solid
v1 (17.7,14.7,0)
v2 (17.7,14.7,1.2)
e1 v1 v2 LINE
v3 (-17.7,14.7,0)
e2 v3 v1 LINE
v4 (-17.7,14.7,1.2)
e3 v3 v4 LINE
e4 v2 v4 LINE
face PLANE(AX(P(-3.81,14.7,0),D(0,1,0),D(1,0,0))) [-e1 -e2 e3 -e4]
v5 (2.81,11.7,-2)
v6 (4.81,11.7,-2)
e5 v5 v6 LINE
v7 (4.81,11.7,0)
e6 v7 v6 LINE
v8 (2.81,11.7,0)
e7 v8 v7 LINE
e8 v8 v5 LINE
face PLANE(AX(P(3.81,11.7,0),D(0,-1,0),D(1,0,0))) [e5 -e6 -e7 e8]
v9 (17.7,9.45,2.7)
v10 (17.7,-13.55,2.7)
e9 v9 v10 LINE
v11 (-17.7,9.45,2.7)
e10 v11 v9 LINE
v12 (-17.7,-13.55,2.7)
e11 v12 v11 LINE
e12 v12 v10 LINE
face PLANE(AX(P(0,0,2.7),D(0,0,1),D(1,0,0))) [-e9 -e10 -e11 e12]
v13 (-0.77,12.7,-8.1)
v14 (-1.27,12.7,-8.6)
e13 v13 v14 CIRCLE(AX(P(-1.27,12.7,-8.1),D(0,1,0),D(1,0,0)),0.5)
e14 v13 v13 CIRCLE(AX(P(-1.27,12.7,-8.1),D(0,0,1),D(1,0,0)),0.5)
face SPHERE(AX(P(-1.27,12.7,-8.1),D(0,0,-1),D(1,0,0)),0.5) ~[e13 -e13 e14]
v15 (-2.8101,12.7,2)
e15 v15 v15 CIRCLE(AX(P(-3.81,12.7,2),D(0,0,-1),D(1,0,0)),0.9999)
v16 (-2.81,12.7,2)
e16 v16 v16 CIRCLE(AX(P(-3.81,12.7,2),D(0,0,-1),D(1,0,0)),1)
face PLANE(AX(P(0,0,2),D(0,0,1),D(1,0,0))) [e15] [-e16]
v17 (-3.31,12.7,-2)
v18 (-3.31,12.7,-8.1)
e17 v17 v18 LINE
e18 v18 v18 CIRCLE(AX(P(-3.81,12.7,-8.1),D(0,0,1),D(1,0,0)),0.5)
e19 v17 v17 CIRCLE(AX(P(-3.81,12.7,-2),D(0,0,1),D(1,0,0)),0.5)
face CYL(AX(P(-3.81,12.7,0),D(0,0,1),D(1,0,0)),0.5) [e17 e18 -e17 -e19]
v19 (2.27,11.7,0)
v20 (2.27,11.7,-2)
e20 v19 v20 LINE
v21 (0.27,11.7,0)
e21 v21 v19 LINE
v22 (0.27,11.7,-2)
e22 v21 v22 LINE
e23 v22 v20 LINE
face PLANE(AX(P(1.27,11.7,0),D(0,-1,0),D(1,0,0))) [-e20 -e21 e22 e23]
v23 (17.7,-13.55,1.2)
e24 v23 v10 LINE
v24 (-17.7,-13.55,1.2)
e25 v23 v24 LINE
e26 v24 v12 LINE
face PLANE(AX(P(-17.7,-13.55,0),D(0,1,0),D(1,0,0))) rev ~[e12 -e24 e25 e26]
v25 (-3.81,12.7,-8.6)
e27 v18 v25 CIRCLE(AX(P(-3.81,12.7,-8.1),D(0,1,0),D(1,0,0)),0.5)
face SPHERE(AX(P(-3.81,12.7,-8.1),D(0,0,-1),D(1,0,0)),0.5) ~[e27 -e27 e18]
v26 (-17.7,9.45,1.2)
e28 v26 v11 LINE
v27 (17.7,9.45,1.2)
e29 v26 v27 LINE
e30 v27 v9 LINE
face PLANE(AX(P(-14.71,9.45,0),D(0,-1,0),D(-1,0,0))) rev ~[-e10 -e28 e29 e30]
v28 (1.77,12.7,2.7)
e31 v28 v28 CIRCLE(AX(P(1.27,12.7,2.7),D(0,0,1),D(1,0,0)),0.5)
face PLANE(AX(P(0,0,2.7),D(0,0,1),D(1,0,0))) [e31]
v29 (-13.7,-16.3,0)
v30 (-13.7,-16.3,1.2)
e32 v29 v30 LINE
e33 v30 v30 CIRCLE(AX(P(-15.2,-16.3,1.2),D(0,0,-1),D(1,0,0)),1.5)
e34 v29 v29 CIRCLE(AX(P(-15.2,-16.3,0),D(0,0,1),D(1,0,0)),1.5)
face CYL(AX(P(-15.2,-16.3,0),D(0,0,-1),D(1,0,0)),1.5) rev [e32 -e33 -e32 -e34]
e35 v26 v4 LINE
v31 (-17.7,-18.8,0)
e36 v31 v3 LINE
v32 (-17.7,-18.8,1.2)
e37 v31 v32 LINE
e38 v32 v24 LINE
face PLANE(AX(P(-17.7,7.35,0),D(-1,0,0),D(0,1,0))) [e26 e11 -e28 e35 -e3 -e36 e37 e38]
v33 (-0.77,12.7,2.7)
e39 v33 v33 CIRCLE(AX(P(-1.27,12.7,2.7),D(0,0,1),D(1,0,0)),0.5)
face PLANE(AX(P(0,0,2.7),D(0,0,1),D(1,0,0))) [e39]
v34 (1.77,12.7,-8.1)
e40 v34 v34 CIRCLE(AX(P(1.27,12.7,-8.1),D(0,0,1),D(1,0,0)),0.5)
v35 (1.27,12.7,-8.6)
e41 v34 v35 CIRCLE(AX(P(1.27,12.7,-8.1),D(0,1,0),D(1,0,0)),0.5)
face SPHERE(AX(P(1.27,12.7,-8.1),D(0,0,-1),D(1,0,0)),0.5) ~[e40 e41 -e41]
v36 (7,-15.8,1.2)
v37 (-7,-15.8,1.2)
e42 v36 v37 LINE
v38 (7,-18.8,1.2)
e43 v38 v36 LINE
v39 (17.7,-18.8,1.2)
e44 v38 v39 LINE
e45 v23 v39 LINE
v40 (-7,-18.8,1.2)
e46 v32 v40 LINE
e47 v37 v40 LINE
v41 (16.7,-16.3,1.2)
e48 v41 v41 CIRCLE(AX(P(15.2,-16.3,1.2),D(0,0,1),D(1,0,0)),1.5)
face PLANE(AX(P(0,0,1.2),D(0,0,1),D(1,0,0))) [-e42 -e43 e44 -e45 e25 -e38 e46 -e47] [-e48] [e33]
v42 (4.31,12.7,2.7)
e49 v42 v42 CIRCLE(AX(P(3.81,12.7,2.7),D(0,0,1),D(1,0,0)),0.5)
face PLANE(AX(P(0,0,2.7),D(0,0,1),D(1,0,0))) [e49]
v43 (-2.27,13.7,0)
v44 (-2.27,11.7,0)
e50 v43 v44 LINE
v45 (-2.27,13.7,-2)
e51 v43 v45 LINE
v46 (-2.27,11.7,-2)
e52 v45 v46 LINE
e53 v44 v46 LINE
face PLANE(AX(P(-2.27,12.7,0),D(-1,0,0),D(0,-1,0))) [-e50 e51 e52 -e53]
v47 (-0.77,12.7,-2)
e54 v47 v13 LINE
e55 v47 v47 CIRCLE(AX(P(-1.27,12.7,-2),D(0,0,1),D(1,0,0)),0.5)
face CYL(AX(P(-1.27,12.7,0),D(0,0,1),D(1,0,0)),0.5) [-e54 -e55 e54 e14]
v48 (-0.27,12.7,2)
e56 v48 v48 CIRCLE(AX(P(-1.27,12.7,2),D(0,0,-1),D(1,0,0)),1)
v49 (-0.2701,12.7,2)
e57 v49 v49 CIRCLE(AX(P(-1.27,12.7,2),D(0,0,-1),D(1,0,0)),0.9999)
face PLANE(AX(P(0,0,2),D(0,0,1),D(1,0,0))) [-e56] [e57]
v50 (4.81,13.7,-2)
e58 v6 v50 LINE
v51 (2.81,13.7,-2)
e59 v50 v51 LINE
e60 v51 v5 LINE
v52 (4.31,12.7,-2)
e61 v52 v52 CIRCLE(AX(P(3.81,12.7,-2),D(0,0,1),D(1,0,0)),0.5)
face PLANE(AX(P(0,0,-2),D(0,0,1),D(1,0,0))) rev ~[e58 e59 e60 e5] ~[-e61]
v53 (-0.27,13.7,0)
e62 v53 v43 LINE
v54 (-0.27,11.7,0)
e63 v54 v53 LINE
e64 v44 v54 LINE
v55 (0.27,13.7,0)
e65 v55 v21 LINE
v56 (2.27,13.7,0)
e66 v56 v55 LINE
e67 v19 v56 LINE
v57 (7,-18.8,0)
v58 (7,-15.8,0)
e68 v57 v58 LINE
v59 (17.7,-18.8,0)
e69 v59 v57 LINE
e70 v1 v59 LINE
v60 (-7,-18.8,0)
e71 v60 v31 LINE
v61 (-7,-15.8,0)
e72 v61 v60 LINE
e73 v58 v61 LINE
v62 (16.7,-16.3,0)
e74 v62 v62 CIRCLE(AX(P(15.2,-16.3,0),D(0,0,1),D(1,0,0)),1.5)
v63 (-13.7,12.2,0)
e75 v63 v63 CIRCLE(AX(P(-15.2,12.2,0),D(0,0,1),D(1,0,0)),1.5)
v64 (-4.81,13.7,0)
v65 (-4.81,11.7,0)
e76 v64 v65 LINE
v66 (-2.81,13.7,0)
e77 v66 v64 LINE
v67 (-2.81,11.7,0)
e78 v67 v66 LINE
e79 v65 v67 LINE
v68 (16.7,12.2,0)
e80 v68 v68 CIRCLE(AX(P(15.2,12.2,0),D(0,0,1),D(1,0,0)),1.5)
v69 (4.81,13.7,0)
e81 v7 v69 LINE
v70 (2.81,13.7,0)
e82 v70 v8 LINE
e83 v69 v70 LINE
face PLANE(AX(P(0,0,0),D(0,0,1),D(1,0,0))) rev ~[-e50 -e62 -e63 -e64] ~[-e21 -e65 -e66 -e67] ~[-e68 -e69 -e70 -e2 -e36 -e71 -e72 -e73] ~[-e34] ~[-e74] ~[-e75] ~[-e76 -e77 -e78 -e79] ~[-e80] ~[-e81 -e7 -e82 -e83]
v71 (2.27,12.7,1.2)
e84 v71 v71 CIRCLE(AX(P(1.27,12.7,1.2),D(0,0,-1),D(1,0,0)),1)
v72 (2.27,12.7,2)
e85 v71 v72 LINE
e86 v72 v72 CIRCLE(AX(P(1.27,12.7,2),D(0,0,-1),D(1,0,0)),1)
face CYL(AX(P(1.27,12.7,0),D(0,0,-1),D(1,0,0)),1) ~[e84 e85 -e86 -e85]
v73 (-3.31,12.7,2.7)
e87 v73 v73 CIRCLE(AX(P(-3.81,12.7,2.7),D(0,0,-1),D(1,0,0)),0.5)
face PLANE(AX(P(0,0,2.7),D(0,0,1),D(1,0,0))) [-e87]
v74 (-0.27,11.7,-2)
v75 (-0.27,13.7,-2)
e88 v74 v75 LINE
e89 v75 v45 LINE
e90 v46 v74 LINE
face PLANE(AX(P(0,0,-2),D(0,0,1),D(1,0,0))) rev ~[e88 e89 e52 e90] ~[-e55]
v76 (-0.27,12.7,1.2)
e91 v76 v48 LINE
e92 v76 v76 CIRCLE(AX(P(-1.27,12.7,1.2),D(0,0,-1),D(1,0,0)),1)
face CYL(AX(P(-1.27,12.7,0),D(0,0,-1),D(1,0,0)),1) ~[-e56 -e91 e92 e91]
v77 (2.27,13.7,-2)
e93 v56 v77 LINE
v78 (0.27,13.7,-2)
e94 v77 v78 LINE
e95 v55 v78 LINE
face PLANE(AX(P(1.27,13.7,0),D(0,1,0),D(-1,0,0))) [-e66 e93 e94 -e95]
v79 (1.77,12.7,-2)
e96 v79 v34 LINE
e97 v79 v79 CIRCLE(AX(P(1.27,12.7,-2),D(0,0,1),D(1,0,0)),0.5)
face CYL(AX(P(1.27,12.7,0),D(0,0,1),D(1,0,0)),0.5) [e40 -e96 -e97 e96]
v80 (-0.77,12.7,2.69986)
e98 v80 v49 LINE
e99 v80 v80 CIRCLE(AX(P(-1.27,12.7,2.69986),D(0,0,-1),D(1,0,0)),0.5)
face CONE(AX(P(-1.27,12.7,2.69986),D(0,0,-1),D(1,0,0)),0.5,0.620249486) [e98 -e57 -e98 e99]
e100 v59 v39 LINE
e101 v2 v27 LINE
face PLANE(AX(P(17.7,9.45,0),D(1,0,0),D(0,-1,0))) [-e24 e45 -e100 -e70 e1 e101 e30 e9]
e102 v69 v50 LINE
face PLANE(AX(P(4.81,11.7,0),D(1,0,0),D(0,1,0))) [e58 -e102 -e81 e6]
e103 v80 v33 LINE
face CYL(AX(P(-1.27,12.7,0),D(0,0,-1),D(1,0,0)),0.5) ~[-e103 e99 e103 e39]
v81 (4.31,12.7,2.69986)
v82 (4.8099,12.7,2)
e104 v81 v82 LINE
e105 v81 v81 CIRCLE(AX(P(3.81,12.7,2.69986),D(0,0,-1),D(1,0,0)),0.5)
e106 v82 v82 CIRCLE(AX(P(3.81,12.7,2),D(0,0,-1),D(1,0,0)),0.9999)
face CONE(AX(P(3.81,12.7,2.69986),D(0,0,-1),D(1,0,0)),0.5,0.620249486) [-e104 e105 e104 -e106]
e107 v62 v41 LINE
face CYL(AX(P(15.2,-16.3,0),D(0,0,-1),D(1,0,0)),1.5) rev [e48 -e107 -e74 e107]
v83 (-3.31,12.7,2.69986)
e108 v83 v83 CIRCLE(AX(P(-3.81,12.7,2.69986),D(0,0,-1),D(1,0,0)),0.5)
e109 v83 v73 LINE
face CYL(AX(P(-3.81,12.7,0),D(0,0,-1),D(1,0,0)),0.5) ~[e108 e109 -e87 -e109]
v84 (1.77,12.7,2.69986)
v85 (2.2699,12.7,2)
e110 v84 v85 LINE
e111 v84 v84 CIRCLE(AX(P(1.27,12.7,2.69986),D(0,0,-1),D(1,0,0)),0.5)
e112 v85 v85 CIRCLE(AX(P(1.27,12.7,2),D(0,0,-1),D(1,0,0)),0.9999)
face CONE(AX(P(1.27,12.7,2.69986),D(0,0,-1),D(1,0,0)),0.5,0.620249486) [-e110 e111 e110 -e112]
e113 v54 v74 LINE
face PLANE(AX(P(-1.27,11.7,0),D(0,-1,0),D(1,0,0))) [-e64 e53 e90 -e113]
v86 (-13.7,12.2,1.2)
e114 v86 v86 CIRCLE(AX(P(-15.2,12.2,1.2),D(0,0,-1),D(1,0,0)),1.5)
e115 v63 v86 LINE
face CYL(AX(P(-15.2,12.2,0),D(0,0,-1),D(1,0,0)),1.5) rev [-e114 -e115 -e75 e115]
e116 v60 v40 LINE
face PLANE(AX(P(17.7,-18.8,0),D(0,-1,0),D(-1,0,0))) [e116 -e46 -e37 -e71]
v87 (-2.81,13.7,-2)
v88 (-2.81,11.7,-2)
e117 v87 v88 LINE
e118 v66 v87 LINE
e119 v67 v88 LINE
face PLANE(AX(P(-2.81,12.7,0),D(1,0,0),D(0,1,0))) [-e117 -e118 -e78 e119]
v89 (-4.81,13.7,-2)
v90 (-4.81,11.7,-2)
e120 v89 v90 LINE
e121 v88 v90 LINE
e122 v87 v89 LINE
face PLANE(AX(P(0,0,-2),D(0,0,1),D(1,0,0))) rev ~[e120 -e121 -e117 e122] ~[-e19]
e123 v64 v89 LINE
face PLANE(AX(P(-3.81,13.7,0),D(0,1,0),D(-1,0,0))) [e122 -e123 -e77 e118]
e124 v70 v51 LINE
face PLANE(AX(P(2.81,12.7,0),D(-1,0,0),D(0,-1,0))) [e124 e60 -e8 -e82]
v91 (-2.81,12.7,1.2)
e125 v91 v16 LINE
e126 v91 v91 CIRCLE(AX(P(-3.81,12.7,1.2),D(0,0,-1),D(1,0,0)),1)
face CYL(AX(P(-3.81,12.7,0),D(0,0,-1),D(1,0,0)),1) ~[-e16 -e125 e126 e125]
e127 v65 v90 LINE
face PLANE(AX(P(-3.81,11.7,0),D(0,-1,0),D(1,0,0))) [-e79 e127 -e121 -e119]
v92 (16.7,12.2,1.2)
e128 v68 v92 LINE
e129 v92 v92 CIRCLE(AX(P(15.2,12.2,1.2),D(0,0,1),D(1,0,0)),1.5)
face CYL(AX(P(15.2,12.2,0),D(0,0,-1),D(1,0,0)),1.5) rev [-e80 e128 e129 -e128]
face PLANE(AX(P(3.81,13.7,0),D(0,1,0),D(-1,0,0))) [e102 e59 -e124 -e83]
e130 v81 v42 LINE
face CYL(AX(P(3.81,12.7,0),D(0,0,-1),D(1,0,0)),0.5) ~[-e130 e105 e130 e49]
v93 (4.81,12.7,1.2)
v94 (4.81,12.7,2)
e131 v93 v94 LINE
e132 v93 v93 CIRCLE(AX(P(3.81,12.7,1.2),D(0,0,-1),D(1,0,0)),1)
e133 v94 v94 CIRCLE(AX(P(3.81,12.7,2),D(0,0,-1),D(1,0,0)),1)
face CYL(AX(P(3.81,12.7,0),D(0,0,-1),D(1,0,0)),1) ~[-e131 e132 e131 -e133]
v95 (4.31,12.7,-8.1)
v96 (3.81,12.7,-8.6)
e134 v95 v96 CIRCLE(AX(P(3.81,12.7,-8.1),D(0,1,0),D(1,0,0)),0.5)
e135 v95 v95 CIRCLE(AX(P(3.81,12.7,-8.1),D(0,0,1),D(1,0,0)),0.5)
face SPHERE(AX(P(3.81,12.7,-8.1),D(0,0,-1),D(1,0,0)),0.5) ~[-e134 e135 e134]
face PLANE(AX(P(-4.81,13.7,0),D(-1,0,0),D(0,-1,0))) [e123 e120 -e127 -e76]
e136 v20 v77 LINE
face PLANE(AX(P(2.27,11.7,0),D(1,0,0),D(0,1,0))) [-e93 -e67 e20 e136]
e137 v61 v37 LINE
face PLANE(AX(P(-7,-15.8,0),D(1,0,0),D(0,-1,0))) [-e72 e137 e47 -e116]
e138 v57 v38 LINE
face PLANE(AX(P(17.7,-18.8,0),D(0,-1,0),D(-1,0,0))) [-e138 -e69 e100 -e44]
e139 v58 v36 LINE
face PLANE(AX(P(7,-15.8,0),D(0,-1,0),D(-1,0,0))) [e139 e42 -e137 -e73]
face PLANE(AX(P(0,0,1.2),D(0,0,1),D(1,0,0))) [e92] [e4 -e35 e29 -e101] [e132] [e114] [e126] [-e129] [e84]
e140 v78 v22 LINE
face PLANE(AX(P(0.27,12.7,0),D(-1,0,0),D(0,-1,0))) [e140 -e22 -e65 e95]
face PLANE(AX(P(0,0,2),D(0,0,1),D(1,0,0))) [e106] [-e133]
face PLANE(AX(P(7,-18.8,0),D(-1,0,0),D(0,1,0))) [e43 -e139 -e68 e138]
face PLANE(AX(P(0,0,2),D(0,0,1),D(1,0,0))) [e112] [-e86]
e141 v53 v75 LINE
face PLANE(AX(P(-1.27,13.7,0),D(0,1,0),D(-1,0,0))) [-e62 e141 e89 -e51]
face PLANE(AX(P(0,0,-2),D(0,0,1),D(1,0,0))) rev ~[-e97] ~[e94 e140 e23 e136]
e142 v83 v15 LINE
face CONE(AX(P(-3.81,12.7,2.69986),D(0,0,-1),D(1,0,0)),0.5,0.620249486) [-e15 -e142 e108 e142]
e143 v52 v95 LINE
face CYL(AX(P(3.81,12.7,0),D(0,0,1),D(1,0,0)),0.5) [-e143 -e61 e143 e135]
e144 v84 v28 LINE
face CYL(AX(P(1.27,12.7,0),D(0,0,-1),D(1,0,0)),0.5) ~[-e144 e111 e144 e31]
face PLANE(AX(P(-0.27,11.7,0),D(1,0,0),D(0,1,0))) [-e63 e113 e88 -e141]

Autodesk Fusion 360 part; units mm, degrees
sketch "Sketch1" plane through (0, 0, 0) normal (0, 0, 1) x (1, 0, 0)
  line L0 (14.71, 7.35) -> (-14.71, 7.35)
  line L1 (-14.71, 7.35) -> (-14.71, -7.35)
  line L2 (-14.71, -7.35) -> (14.71, -7.35)
  line L3 (14.71, -7.35) -> (14.71, 7.35)
  line L4 (14.71, 7.35) -> (-14.71, -7.35) construction
  line L5 (-14.71, 7.35) -> (14.71, -7.35) construction
  line L6 (-17.7, 7.35) -> (-17.7, 14.7)
  line L7 (-17.7, 14.7) -> (-14.71, 14.7)
  line L8 (-17.7, 14.7) -> (17.7, 14.7)
  line L9 (17.7, 14.7) -> (17.7, -18.8)
  line L10 (17.7, -18.8) -> (-17.7, -18.8)
  line L11 (-17.7, -18.8) -> (-17.7, 14.7)
  line L12 (-17.7, 14.7) -> (6.5694, 14.7)
  line L13 (6.5694, 9.45) -> (-14.71, 9.45)
  line L14 (-17.7, 9.45) -> (-17.7, 14.7)
  line L15 (17.7, 9.45) -> (-17.7, 9.45)
  line L16 (-17.7, 9.45) -> (-17.7, -13.55)
  line L17 (-17.7, -13.55) -> (17.7, -13.55)
  line L18 (17.7, -13.55) -> (17.7, 9.45)
  line L19 (-17.7, 14.7) -> (-15.2, 14.7)
  line L20 (-15.2, 14.7) -> (-15.2, 12.2)
  line L21 (-15.2, 12.2) -> (-17.7, 12.2)
  line L22 (-17.7, 12.2) -> (-17.7, 14.7)
  circle A0 centre (-15.2, 12.2) radius 1.5
  circle A1 centre (15.2, 12.2) radius 1.5
  circle A2 centre (-15.2, -16.3) radius 1.5
  circle A3 centre (15.2, -16.3) radius 1.5
  line L23 (-17.7, -18.8) -> (-7, -18.8)
  line L24 (-7, -18.8) -> (-7, -17.6734)
  line L25 (-7, -17.6734) -> (-17.7, -17.6734)
  line L26 (-17.7, -17.6734) -> (-17.7, -18.8)
  line L27 (-7, -18.8) -> (7, -18.8)
  line L28 (7, -18.8) -> (7, -15.8)
  line L29 (7, -15.8) -> (-7, -15.8)
  line L30 (-7, -15.8) -> (-7, -18.8)
  line L31 (-17.7, 14.7) -> (-3.81, 14.7)
  line L32 (-3.81, 14.7) -> (-3.81, 12.7)
  line L33 (-3.81, 12.7) -> (-17.7, 12.7)
  line L34 (-17.7, 12.7) -> (-17.7, 14.7)
  circle A4 centre (-3.81, 12.7) radius 1
  circle A5 centre (-3.81, 12.7) radius 1
  circle A6 centre (-3.81, 12.7) radius 1
  circle A7 centre (-1.27, 12.7) radius 1
  circle A8 centre (1.27, 12.7) radius 1
  circle A9 centre (3.81, 12.7) radius 1
  circle A10 centre (-3.81, 12.7) radius 0.5
  circle A11 centre (-1.27, 12.7) radius 0.5
  circle A12 centre (1.27, 12.7) radius 0.5
  circle A13 centre (3.81, 12.7) radius 0.5
  line L35 (-2.81, 13.7) -> (-4.81, 13.7)
  line L36 (-4.81, 13.7) -> (-4.81, 11.7)
  line L37 (-4.81, 11.7) -> (-2.81, 11.7)
  line L38 (-2.81, 11.7) -> (-2.81, 13.7)
  line L39 (-2.81, 13.7) -> (-4.81, 11.7) construction
  line L40 (-4.81, 13.7) -> (-2.81, 11.7) construction
  line L41 (-0.27, 13.7) -> (-2.27, 13.7)
  line L42 (-2.27, 13.7) -> (-2.27, 11.7)
  line L43 (-2.27, 11.7) -> (-0.27, 11.7)
  line L44 (-0.27, 11.7) -> (-0.27, 13.7)
  line L45 (-0.27, 13.7) -> (-2.27, 11.7) construction
  line L46 (-2.27, 13.7) -> (-0.27, 11.7) construction
  line L47 (2.27, 13.7) -> (0.27, 13.7)
  line L48 (0.27, 13.7) -> (0.27, 11.7)
  line L49 (0.27, 11.7) -> (2.27, 11.7)
  line L50 (2.27, 11.7) -> (2.27, 13.7)
  line L51 (2.27, 13.7) -> (0.27, 11.7) construction
  line L52 (0.27, 13.7) -> (2.27, 11.7) construction
  line L53 (4.81, 13.7) -> (2.81, 13.7)
  line L54 (2.81, 13.7) -> (2.81, 11.7)
  line L55 (2.81, 11.7) -> (4.81, 11.7)
  line L56 (4.81, 11.7) -> (4.81, 13.7)
  line L57 (4.81, 13.7) -> (2.81, 11.7) construction
  line L58 (2.81, 13.7) -> (4.81, 11.7) construction
  point P0 (-3.81, 12.7)
  point P1 (-1.27, 12.7)
  point P2 (1.27, 12.7)
  point P3 (3.81, 12.7)
  dimension "d1" = 29.42
  dimension "d2" = 14.7
  dimension "d3" = 2.99
  dimension "d5" = 35.4
  dimension "d6" = 33.5
  dimension "d7" = 5.25
  dimension "d8" = 23
  dimension "d9" = 2.5
  dimension "d10" = 2.5
  dimension "d11" = 3
  dimension "d12" = 3
  dimension "d13" = 3
  dimension "d14" = 3
  dimension "d19" = 10.7
  dimension "d20" = 14
  dimension "d21" = 3
  dimension "d24" = 13.89
  dimension "d25" = 2
  dimension "d26" = 2
  dimension "d27" = 2
  dimension "d28" = 2
  dimension "d29" = 2
  dimension "d30" = 2
  dimension "d31" = 2
  dimension "d34" = 1
  dimension "d35" = 1
  dimension "d36" = 1
  dimension "d37" = 1
  dimension "d42" = 2
  dimension "d43" = 2
  dimension "d44" = 2
  dimension "d45" = 2
  dimension "d46" = 2
  dimension "d47" = 2
  dimension "d48" = 2
  dimension "d49" = 2
extrude "Extrude1" add sketch "Sketch1" along normal blind 1.2 contours L0 L1 L2 L3 | L6 L9 L11 L13 L15 L16 L17 L18 | L6 L8 L9 L11 L12 L13 L14 L15 L21 A0 L32 L33 L35 L36 L37 L38 | L9 L10 L11 L17 A2 L25 L28 L29 L30 | L6 L11 L14 L21 L22 A0 L33 | L10 L11 A2 L23 L24 L25 L26 L30 | L6 L7 L8 L11 L12 L14 L19 L20 L22 A0 L31 L33 L34 | L10 L24 L27 L28 L29 L30 | L7 L8 L12 L20 A0 L31 L32 L33 L35 L36 | L32 L33 A4 A5 A6 A10 | A4 A5 A6 L35 L36 | L32 L33 A4 A5 A6 A10 | A4 A5 A6 L36 L37 | L32 L33 A10 | L32 L33 A10 | A4 A5 A6 L35 L38 | A4 A5 A6 L37 L38 | A7 | A7 L43 L44 | A7 L41 L44 | A7 L41 L42 | A7 L42 L43 | A8 | A8 L49 L50 | A8 L47 L50 | A8 L47 L48 | A8 L48 L49 | A9 | A9 L55 L56 | A9 L53 L56 | A9 L53 L54 | A9 L54 L55 | A11 | A12 | A13 makes body 1
extrude "Extrude2" add sketch "Sketch1" along normal blind 2.7 contours L0 L1 L2 L3 | L6 L9 L11 L13 L15 L16 L17 L18 bodies 1
extrude "Extrude3" cut sketch "Sketch1" along normal blind 1.2 contours L10 L24 L27 L28 L29 L30 bodies 1
extrude "Extrude4" add sketch "Sketch1" along normal blind 2 separate body contours L32 L33 A4 A5 A6 A10 | L32 L33 A4 A5 A6 A10 | L32 L33 A10 | L32 L33 A10 | A7 | A8 | A9 | A11 | A12 | A13 makes body 2 at (-0.2712, 12.6502, 0.6667) makes body 3 at (2.2688, 12.6502, 0.6667) makes body 4 at (-2.8112, 12.6502, 0.6667) makes body 5 at (4.805, 12.7996, 1.3333)
extrude "Extrude5" add sketch "Sketch1" along normal blind 2.7 contours L32 L33 A10 | L32 L33 A10 | A11 | A12 | A13 bodies 1 2 3 4 5
chamfer "Chamfer1" distance 0.7 distance2 0.5 4 edges at (3.3438, 12.5192, 2) (0.8038, 12.5192, 2) (-1.7362, 12.5192, 2) (-4.2762, 12.5192, 2) measured on face at (4.3075, 12.7498, 2.2333) measured on face at (1.7675, 12.7498, 2.2333) measured on face at (-0.7725, 12.7498, 2.2333) measured on face at (-3.3125, 12.7498, 2.4667) on bodies 1
extrude "Extrude6" add sketch "Sketch1" against normal blind 2 contours L32 L33 A4 A5 A6 A10 | A4 A5 A6 L35 L36 | L32 L33 A4 A5 A6 A10 | A4 A5 A6 L36 L37 | L32 L33 A10 | L32 L33 A10 | A4 A5 A6 L35 L38 | A4 A5 A6 L37 L38 | A7 | A7 L43 L44 | A7 L41 L44 | A7 L41 L42 | A7 L42 L43 | A8 | A8 L49 L50 | A8 L47 L50 | A8 L47 L48 | A8 L48 L49 | A9 | A9 L55 L56 | A9 L53 L56 | A9 L53 L54 | A9 L54 L55 | A11 | A12 | A13 bodies 1
extrude "Extrude7" add sketch "Sketch1" against normal blind 8.6 contours L32 L33 A10 | L32 L33 A10 | A11 | A12 | A13 bodies 1
fillet "Fillet1" radius 0.5 4 edges at (3.3438, 12.8808, -8.6) (0.8038, 12.8808, -8.6) (-1.7362, 12.8808, -8.6) (-4.2762, 12.8808, -8.6) on bodies 1
